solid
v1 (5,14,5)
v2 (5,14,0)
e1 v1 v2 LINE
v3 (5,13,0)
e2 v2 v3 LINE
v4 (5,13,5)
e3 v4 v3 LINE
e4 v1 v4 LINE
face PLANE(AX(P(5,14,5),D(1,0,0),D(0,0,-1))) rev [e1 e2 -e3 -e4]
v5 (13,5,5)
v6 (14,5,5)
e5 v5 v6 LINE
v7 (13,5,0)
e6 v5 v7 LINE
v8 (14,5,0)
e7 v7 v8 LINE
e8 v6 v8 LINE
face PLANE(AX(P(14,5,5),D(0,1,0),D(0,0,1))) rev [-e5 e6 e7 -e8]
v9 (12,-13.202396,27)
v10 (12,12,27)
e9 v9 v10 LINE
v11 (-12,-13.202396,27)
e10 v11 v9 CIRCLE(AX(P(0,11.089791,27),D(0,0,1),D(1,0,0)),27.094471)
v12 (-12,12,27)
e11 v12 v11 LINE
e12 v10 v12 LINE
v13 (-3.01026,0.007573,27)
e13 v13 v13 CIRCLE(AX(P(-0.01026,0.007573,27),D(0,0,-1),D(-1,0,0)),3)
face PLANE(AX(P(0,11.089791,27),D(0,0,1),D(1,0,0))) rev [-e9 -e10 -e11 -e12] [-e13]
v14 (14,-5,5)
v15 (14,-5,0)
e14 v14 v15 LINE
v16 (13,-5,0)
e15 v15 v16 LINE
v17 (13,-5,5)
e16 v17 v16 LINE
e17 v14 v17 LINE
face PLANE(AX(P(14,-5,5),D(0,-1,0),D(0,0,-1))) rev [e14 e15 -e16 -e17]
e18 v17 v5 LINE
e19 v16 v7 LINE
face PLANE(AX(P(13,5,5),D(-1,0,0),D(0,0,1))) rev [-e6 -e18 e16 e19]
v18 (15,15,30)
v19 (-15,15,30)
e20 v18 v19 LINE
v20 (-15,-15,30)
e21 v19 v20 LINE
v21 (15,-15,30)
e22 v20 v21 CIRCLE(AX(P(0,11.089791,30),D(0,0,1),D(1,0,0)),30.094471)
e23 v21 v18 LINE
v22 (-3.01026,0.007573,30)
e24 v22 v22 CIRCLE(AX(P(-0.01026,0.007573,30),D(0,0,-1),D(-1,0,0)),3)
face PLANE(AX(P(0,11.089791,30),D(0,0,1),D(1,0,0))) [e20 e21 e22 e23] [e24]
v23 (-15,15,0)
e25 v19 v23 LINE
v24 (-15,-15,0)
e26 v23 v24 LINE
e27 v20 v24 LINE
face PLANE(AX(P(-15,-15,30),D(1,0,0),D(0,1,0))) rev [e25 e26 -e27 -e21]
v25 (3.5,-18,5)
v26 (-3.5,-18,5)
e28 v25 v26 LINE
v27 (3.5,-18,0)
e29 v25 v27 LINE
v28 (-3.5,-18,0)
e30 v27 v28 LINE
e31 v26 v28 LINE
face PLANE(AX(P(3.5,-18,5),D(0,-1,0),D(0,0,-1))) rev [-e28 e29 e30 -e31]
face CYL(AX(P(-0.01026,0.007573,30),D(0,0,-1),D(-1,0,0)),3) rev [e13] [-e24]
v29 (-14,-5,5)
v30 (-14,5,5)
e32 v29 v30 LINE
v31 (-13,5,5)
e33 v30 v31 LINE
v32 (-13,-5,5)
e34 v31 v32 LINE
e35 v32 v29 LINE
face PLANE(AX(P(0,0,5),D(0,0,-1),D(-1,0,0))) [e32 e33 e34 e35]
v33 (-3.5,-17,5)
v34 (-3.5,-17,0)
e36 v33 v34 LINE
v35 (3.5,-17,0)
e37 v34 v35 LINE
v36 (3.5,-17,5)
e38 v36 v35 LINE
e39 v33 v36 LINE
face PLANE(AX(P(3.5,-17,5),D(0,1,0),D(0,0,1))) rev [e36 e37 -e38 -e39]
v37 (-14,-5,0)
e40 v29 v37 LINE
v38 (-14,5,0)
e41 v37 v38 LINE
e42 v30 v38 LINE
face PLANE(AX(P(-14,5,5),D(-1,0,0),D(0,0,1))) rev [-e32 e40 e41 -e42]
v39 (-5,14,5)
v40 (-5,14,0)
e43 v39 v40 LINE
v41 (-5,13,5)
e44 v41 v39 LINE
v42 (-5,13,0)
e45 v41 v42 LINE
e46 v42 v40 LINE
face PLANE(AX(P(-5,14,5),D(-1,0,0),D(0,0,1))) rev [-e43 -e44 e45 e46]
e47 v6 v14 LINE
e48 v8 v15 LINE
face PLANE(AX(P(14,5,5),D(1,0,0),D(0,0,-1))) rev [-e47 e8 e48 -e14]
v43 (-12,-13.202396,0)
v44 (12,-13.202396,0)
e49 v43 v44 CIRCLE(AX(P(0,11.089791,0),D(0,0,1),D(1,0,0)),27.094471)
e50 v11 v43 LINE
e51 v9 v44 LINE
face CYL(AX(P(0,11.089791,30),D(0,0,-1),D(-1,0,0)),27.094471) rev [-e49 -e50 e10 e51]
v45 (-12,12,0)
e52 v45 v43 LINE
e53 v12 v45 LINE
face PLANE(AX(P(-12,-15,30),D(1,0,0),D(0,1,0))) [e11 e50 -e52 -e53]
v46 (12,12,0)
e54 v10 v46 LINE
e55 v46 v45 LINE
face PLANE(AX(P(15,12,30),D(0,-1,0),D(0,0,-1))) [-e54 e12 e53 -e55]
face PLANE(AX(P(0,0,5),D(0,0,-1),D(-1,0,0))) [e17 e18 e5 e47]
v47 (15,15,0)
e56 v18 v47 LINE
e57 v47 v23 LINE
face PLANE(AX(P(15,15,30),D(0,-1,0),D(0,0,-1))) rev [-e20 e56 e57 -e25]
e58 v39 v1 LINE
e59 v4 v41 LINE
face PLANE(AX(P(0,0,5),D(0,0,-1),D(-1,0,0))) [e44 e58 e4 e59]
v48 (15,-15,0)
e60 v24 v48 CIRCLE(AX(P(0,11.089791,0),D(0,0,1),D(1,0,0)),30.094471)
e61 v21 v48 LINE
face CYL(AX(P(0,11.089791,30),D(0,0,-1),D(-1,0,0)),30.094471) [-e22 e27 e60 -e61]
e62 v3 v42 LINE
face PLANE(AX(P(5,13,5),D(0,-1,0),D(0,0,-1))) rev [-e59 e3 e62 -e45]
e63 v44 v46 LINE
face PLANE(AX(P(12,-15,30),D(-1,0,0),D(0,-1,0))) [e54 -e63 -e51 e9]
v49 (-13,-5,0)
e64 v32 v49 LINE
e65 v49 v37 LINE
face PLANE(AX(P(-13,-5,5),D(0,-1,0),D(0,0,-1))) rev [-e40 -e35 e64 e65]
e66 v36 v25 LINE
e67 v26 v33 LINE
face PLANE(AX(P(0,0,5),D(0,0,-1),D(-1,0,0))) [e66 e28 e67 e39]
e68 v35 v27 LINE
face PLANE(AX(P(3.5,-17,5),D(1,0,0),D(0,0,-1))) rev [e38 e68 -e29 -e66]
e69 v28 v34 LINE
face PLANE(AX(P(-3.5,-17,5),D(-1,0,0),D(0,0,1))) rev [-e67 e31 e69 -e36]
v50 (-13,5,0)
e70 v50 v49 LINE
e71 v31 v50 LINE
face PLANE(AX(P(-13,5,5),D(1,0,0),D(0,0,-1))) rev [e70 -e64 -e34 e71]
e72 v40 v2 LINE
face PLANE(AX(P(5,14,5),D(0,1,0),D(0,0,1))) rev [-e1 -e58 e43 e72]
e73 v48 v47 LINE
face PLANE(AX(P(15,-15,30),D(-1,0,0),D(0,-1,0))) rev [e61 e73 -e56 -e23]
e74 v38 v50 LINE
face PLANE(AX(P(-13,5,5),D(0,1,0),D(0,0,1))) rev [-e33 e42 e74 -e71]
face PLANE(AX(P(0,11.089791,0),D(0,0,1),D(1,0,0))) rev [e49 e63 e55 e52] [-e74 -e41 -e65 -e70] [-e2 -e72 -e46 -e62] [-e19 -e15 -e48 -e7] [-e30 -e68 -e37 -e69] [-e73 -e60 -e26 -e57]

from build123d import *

# Parameters (mm, degrees)
BOSS_EXTRUDE1_DEPTH = 30
SHELL13_T           = -3
SKETCH3_R           = 3
CUT_EXTRUDE2_DEPTH  = 3
SKETCH4_W           = 10
SKETCH4_H           = 1
SKETCH4_W_2         = 1
SKETCH4_H_2         = 10
SKETCH4_W_3         = 7
CUT_EXTRUDE3_DEPTH  = 5


with BuildPart() as part:
    # Sketch1 → Boss-Extrude1 (new body)
    with BuildSketch(Plane.XY):
        with BuildLine():
            Line((15, -15), (15, 15))
            Line((15, 15), (-15, 15))
            Line((-15, 15), (-15, -15))
            ThreePointArc((-15, -15), (0, -19.004680178), (15, -15))
        make_face()
    extrude(amount=BOSS_EXTRUDE1_DEPTH)

    # Shell13
    shell13_openings = [part.faces().sort_by_distance(p)[0] for p in [
        (0, -1.375060702, 0),
    ]]
    offset(amount=SHELL13_T, openings=shell13_openings, kind=Kind.INTERSECTION)

    # Sketch3 → Cut-Extrude2 (cut)
    with BuildSketch(Plane(origin=(0, 0, 27), x_dir=(-1, 0, 0), z_dir=(0, 0, -1))):
        with Locations((0.010259738, 0.007572697)):
            Circle(SKETCH3_R)
    extrude(amount=-CUT_EXTRUDE2_DEPTH, mode=Mode.SUBTRACT)

    # Sketch4 → Cut-Extrude3 (cut)
    with BuildSketch(Plane(origin=(0, 0, 0), x_dir=(-1, 0, 0), z_dir=(0, 0, -1))):
        with Locations((0, 13.5)):
            Rectangle(SKETCH4_W, SKETCH4_H)
        with Locations((-13.5, 0)):
            Rectangle(SKETCH4_W_2, SKETCH4_H_2)
        with Locations((0, -17.5)):
            Rectangle(SKETCH4_W_3, SKETCH4_H)
        with Locations((13.5, 0)):
            Rectangle(SKETCH4_W_2, SKETCH4_H_2)
    extrude(amount=-CUT_EXTRUDE3_DEPTH, mode=Mode.SUBTRACT)


solid = part.part
